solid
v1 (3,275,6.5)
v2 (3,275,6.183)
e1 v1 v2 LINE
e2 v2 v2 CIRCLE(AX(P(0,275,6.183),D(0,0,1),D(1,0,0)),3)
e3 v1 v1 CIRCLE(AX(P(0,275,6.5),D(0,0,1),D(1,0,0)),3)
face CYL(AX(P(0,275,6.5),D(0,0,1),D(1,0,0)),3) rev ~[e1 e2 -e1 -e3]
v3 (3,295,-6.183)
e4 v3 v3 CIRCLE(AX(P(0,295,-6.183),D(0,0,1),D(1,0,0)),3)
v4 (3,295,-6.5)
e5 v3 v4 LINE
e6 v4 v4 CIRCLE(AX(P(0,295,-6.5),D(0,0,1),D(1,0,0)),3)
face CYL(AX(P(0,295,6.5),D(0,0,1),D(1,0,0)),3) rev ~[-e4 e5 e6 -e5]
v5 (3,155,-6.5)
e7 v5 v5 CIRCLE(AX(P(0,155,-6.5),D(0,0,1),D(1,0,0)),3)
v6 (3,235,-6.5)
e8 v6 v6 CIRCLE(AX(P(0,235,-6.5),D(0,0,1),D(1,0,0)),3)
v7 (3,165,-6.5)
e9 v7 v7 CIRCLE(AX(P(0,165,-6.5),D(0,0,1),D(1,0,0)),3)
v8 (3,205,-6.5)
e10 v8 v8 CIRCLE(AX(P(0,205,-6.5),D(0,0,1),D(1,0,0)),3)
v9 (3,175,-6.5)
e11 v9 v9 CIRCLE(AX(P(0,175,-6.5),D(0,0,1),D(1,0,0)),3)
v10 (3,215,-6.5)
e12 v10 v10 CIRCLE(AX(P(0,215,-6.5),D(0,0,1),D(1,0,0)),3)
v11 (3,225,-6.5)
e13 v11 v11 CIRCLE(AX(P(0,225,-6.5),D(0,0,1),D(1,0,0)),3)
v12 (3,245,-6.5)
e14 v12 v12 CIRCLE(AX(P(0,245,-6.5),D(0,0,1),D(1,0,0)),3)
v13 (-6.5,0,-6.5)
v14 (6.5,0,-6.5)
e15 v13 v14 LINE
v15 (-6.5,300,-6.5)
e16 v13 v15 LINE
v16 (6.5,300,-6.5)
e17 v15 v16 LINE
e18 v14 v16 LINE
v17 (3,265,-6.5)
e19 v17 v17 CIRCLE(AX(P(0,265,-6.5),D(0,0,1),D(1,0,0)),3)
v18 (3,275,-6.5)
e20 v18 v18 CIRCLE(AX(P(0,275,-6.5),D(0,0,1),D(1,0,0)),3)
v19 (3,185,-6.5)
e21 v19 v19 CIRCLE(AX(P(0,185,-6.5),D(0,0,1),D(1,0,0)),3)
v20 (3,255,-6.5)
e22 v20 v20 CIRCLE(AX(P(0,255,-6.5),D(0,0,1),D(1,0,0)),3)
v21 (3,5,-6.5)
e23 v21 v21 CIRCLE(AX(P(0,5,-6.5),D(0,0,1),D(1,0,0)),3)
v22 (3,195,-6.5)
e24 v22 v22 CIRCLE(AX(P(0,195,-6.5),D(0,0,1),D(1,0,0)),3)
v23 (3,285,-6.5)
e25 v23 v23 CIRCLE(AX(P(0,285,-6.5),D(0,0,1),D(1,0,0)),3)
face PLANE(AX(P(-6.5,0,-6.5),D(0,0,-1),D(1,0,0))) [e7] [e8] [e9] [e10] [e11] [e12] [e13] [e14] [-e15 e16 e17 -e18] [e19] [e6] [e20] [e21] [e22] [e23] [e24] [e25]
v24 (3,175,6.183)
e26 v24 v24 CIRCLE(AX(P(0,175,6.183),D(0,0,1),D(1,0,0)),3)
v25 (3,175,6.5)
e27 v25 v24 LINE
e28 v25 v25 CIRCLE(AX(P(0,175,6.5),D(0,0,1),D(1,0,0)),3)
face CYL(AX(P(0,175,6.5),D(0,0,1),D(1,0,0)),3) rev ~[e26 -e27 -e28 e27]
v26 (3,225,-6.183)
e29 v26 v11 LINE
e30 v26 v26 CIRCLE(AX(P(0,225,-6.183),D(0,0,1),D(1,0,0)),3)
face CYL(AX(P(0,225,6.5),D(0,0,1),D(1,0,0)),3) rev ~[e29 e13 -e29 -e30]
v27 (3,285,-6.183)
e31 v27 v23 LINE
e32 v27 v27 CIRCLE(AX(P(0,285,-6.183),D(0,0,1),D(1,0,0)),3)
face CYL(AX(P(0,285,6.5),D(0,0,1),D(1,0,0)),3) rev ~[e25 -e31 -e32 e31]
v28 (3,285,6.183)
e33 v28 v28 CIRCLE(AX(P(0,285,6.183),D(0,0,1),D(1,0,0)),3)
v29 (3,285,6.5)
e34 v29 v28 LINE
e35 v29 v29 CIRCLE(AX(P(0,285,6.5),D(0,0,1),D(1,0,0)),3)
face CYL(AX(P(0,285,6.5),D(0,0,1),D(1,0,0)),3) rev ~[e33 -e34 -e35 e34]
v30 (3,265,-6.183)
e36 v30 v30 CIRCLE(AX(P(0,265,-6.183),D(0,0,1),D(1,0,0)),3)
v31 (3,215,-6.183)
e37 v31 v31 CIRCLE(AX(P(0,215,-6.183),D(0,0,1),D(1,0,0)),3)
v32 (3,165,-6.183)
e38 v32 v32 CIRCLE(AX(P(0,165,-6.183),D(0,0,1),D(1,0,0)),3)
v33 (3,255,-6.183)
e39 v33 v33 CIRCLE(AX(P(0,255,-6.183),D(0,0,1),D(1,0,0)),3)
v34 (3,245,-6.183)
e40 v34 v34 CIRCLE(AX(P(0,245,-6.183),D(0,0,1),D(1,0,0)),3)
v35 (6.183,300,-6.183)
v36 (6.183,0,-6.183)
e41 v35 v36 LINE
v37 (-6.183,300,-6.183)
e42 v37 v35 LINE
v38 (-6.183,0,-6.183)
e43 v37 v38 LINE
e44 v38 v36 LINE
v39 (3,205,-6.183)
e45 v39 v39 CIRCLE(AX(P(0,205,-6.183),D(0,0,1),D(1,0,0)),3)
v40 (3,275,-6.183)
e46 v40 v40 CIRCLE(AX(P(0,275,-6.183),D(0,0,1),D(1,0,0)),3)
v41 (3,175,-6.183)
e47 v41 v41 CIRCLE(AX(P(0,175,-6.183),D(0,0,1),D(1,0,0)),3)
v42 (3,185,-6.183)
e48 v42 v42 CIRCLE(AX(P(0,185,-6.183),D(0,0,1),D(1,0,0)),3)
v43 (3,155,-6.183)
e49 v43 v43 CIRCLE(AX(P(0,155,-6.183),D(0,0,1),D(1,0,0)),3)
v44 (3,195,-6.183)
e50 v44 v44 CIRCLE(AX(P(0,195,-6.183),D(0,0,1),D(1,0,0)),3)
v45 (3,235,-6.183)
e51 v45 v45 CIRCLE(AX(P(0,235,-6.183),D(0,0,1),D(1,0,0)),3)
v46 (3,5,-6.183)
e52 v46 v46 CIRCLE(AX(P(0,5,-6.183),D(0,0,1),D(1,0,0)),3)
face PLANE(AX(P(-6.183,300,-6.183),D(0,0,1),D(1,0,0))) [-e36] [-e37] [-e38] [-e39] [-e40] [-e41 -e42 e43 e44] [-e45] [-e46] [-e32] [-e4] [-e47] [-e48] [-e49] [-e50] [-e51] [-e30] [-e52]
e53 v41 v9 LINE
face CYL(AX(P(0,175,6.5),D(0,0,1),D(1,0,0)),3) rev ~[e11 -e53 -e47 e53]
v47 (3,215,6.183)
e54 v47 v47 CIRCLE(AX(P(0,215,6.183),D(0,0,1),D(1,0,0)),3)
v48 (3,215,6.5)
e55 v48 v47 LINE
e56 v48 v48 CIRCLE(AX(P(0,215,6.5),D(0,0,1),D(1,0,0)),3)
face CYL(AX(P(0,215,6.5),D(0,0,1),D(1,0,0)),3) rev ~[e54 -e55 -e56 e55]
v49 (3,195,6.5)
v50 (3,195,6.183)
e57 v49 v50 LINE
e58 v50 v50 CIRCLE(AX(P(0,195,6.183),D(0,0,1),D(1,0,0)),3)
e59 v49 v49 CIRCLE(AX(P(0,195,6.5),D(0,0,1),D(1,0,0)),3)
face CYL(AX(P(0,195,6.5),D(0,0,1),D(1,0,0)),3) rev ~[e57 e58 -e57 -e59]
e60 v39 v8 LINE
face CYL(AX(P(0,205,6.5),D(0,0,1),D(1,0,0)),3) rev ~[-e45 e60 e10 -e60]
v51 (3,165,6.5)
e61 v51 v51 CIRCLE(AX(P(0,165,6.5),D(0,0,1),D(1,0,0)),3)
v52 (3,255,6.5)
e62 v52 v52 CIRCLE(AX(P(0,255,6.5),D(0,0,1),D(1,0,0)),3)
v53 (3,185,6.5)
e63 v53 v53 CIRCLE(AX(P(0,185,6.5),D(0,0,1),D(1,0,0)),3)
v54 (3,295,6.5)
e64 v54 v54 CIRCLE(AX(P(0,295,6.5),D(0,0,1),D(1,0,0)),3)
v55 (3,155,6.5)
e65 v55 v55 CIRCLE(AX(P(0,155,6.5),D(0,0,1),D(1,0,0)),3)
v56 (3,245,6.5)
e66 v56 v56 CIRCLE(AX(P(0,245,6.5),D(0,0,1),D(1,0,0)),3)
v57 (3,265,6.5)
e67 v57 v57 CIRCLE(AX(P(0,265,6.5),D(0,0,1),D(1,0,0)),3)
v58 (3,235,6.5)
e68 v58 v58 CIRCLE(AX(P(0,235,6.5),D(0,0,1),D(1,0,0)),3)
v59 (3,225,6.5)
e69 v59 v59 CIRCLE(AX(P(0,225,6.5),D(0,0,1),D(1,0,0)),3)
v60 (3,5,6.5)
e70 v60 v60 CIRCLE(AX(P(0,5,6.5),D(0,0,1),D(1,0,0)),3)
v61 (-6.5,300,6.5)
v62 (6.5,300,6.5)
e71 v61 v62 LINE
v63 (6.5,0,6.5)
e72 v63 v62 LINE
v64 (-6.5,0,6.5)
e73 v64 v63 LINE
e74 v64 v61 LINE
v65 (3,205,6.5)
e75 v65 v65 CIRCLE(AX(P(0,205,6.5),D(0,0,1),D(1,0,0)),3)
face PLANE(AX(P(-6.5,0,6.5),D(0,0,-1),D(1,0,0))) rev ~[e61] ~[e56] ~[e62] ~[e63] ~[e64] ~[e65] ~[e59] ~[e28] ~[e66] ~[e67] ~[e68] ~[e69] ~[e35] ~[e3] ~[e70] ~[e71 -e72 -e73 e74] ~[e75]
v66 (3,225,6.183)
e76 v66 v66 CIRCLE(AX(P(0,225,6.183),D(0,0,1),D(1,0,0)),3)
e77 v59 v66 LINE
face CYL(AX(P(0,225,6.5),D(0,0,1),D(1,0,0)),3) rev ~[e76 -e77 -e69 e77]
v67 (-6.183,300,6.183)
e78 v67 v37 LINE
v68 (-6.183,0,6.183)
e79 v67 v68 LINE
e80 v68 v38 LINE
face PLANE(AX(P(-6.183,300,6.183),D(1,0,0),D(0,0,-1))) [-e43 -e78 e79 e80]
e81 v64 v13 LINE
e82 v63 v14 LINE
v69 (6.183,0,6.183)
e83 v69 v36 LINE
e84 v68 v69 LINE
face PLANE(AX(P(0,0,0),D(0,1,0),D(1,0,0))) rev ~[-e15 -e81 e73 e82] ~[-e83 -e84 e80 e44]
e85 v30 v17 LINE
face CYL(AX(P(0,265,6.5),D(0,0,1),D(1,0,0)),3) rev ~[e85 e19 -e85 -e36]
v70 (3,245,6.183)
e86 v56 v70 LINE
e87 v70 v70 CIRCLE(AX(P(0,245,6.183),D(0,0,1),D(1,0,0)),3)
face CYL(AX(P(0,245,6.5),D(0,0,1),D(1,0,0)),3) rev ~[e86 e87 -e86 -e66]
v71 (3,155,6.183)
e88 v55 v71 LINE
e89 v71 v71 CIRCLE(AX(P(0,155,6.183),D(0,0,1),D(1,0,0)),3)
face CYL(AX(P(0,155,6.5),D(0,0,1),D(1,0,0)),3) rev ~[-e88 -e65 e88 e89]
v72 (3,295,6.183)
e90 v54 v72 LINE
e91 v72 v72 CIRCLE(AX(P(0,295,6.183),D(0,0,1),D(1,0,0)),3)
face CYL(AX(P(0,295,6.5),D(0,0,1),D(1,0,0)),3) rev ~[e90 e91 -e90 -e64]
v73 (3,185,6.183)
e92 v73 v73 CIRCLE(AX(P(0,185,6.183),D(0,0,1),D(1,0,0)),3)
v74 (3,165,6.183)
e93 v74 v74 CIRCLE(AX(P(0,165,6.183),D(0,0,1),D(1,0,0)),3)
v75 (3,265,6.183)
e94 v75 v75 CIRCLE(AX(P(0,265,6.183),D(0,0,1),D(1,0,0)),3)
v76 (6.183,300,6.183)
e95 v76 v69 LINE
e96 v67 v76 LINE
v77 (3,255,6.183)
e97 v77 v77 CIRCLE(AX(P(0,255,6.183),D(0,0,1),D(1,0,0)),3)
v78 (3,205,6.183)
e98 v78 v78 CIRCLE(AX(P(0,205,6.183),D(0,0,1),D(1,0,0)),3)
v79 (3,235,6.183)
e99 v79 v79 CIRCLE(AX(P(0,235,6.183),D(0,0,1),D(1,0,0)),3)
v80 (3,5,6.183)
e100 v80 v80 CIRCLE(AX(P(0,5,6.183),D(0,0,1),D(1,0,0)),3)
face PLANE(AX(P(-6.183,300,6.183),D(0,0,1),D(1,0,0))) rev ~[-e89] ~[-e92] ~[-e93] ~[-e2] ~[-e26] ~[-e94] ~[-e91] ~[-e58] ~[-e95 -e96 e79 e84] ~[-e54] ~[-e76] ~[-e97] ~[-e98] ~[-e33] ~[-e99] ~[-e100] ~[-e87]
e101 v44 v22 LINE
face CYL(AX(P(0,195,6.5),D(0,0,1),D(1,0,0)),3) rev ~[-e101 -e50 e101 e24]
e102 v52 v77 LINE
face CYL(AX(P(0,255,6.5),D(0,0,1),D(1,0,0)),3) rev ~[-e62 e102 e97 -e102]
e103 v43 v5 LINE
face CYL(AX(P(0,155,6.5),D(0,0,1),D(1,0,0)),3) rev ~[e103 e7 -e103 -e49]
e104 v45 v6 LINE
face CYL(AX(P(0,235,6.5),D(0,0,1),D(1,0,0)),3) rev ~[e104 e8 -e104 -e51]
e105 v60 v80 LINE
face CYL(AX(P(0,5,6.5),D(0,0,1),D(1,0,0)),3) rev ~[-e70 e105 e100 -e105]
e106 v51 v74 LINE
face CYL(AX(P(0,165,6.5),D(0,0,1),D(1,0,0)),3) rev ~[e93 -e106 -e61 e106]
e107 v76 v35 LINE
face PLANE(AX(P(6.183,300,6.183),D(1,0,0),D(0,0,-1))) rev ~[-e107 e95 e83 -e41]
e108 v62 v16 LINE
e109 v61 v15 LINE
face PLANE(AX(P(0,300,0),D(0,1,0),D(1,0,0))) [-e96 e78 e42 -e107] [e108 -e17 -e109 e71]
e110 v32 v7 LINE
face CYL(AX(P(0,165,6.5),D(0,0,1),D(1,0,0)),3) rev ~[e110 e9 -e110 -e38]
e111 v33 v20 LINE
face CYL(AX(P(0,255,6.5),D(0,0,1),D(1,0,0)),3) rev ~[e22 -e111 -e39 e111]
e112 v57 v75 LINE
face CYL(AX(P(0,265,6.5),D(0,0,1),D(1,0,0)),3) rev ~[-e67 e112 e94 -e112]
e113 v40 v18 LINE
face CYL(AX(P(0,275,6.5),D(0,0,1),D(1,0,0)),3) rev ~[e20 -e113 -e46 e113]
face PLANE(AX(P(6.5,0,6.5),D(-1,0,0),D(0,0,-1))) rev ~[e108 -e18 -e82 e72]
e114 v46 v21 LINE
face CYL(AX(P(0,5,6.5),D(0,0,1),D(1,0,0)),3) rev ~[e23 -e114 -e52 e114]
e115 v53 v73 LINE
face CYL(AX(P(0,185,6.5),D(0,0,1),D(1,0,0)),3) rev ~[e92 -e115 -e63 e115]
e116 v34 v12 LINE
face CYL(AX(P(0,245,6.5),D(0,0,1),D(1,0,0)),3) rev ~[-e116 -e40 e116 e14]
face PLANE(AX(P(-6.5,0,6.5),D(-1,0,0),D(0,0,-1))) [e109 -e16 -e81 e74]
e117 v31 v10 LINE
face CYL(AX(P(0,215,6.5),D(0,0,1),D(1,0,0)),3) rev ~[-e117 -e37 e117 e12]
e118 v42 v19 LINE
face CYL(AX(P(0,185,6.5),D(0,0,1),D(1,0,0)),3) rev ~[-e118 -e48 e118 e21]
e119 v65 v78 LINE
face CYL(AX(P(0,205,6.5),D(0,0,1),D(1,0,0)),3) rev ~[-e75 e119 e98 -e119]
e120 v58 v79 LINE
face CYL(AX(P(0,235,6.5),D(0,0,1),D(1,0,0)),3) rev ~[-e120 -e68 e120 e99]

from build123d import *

# Parameters (mm, degrees)
CROQUIS1_W              = 13
CROQUIS1_H              = 13
SALIENTE_EXTRUIR1_DEPTH = 300
CROQUIS2_W              = 12.366
CROQUIS2_H              = 12.366
CORTAR_EXTRUIR1_DEPTH   = 500
CROQUIS3_R              = 3
CORTAR_EXTRUIR2_DEPTH   = 500
CROQUIS4_R              = 3
CORTAR_EXTRUIR3_DEPTH   = 500


with BuildPart() as part:
    # Croquis1 → Saliente-Extruir1 (new body)
    with BuildSketch(Plane(origin=(0, 0, 0), x_dir=(1, 0, 0), z_dir=(0, 1, 0))):
        Rectangle(CROQUIS1_W, CROQUIS1_H)
    extrude(amount=SALIENTE_EXTRUIR1_DEPTH)

    # Croquis2 → Cortar-Extruir1 (cut)
    with BuildSketch(Plane(origin=(0, 300, 0), x_dir=(1, 0, 0), z_dir=(0, 1, 0))):
        Rectangle(CROQUIS2_W, CROQUIS2_H)
    extrude(amount=-CORTAR_EXTRUIR1_DEPTH, mode=Mode.SUBTRACT)

    # Croquis3 → Cortar-Extruir2 (cut)
    with BuildSketch(Plane.XY.offset(6.5)):
        with Locations((0, 5)):
            Circle(CROQUIS3_R)
    extrude(amount=-CORTAR_EXTRUIR2_DEPTH, mode=Mode.SUBTRACT)

    # Croquis4 → Cortar-Extruir3 (cut)
    with BuildSketch(Plane.XY.offset(6.5)):
        with Locations((0, 295)):
            Circle(CROQUIS4_R)
        with Locations((0, 285)):
            Circle(CROQUIS4_R)
        with Locations((0, 275)):
            Circle(CROQUIS4_R)
        with Locations((0, 265)):
            Circle(CROQUIS4_R)
        with Locations((0, 255)):
            Circle(CROQUIS4_R)
        with Locations((0, 245)):
            Circle(CROQUIS4_R)
        with Locations((0, 235)):
            Circle(CROQUIS4_R)
        with Locations((0, 225)):
            Circle(CROQUIS4_R)
        with Locations((0, 215)):
            Circle(CROQUIS4_R)
        with Locations((0, 205)):
            Circle(CROQUIS4_R)
        with Locations((0, 195)):
            Circle(CROQUIS4_R)
        with Locations((0, 185)):
            Circle(CROQUIS4_R)
        with Locations((0, 175)):
            Circle(CROQUIS4_R)
        with Locations((0, 165)):
            Circle(CROQUIS4_R)
        with Locations((0, 155)):
            Circle(CROQUIS4_R)
    extrude(amount=-CORTAR_EXTRUIR3_DEPTH, mode=Mode.SUBTRACT)


solid = part.part
